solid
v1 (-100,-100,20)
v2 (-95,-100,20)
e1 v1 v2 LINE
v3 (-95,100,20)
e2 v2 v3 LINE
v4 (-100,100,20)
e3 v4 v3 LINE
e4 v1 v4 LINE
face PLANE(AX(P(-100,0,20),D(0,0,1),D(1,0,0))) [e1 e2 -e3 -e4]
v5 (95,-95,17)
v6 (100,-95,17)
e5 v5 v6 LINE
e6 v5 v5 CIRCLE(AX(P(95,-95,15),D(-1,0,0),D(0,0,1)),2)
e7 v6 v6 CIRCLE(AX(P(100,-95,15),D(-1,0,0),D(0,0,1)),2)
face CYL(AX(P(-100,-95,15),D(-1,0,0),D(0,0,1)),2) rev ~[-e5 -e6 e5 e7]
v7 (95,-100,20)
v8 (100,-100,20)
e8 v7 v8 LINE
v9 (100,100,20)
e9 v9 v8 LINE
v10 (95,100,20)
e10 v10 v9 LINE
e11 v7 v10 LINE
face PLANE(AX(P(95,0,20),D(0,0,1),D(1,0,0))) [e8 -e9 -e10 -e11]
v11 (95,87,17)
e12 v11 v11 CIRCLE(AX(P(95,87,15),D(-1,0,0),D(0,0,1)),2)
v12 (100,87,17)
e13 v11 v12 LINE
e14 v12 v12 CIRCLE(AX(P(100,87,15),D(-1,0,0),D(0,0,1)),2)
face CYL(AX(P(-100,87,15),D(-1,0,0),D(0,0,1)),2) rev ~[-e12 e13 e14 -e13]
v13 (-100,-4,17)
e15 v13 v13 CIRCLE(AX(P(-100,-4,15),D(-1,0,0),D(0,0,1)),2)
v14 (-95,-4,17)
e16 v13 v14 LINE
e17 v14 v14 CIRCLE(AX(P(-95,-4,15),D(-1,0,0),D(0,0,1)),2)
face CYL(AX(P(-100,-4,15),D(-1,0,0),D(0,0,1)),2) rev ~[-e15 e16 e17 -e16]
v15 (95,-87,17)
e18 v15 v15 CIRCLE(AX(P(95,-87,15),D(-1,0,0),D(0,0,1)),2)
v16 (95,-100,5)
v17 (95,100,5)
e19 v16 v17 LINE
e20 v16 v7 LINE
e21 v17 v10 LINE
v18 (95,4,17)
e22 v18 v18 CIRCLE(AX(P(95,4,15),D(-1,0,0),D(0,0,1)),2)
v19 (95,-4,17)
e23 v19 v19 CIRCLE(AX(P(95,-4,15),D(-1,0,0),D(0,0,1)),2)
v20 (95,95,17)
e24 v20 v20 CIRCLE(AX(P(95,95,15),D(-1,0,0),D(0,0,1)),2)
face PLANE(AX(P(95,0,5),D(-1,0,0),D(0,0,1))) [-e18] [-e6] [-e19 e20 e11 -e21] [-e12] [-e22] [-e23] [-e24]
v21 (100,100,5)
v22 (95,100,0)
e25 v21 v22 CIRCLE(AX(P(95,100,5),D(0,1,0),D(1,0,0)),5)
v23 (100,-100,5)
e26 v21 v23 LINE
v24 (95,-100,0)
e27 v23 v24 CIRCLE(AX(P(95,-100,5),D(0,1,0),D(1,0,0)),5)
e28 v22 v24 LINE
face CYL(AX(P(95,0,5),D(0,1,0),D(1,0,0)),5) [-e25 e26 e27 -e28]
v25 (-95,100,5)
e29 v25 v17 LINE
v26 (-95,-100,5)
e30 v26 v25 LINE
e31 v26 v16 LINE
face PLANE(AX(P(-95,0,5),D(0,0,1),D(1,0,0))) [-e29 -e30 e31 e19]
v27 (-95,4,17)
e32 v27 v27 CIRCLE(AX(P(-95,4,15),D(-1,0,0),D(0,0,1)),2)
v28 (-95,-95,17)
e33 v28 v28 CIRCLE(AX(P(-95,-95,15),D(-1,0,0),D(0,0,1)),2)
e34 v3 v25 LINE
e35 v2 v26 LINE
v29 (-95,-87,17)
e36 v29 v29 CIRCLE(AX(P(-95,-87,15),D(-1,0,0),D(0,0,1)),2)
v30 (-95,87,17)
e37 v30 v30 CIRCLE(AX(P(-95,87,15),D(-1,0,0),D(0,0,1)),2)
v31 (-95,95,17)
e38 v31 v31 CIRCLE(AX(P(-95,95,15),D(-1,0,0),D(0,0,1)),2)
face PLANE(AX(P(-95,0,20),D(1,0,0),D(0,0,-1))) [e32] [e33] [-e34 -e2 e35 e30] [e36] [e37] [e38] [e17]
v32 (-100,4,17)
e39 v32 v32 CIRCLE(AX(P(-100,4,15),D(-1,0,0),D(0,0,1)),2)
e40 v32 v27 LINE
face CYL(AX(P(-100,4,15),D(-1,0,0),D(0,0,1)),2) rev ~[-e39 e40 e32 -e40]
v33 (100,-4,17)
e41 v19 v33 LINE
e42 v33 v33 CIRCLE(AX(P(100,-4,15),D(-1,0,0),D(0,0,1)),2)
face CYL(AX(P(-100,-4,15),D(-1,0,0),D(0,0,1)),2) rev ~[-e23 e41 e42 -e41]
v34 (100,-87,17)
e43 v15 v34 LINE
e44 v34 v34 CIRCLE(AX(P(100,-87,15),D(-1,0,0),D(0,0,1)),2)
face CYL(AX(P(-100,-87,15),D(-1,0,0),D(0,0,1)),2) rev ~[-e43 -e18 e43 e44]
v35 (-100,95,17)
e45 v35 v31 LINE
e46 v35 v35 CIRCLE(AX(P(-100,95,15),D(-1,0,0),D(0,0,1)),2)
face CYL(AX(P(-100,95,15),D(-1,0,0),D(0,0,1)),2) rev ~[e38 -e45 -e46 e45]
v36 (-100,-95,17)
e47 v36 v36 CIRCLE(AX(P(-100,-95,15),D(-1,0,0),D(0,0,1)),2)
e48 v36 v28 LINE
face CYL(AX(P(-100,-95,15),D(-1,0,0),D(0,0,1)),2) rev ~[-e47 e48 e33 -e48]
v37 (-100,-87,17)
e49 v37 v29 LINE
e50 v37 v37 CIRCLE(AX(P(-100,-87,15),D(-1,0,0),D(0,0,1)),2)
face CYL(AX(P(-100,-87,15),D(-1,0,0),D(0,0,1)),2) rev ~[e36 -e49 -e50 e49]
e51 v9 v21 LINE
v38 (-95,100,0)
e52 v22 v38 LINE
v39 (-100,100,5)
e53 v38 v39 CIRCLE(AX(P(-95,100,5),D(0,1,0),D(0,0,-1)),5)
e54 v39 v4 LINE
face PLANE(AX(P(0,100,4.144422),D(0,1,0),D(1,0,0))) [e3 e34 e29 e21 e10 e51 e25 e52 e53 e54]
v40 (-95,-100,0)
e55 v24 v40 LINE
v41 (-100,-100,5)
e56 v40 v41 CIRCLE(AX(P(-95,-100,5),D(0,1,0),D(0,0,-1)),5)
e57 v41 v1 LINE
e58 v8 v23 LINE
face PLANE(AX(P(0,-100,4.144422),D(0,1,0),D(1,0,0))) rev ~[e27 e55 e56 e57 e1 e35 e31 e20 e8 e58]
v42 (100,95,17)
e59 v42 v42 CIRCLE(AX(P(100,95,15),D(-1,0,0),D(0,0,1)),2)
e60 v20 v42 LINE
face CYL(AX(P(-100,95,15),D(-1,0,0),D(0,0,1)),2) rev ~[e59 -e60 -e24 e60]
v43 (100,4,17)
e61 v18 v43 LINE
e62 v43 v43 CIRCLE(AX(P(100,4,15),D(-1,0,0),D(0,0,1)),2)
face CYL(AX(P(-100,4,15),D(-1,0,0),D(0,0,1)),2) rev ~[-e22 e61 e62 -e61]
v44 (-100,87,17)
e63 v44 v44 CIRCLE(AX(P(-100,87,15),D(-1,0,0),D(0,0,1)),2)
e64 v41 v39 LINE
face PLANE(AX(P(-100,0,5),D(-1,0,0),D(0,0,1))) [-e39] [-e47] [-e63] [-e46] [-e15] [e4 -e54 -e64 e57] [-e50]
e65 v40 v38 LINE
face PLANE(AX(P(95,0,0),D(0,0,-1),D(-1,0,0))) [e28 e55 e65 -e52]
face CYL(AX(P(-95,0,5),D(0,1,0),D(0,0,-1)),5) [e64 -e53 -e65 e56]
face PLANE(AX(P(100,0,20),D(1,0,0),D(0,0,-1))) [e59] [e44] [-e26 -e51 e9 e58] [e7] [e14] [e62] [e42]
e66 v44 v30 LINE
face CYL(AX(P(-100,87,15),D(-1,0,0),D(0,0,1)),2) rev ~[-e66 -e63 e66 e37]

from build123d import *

# Parameters (mm, degrees)
BOSS_EXTRUDE1_DEPTH = 100
SKETCH4_R           = 2
CUT_EXTRUDE1_DEPTH  = 214


with BuildPart() as part:
    # Sketch3 → Boss-Extrude1 (new, symmetric)
    with BuildSketch(Plane(origin=(0, 0, 0), x_dir=(1, 0, 0), z_dir=(0, 1, 0))):
        with BuildLine():
            Line((95, 0), (-95, 0))
            ThreePointArc((-95, 0), (-98.535533906, -1.464466094), (-100, -5))
            Line((-100, -5), (-100, -20))
            Line((-100, -20), (-95, -20))
            Line((-95, -20), (-95, -5))
            Line((-95, -5), (95, -5))
            Line((95, -5), (95, -20))
            Line((95, -20), (100, -20))
            Line((100, -20), (100, -5))
            ThreePointArc((100, -5), (98.535533906, -1.464466094), (95, 0))
        make_face()
    extrude(amount=BOSS_EXTRUDE1_DEPTH, both=True)

    # Sketch4 → Cut-Extrude1 (cut)
    with BuildSketch(Plane.ZY.offset(100)):
        with Locations((15, 95)):
            Circle(SKETCH4_R)
        with Locations((15, 87)):
            Circle(SKETCH4_R)
        with Locations((15, 4)):
            Circle(SKETCH4_R)
        with Locations((15, -4)):
            Circle(SKETCH4_R)
        with Locations((15, -95)):
            Circle(SKETCH4_R)
        with Locations((15, -87)):
            Circle(SKETCH4_R)
    extrude(amount=-CUT_EXTRUDE1_DEPTH, mode=Mode.SUBTRACT)


solid = part.part
